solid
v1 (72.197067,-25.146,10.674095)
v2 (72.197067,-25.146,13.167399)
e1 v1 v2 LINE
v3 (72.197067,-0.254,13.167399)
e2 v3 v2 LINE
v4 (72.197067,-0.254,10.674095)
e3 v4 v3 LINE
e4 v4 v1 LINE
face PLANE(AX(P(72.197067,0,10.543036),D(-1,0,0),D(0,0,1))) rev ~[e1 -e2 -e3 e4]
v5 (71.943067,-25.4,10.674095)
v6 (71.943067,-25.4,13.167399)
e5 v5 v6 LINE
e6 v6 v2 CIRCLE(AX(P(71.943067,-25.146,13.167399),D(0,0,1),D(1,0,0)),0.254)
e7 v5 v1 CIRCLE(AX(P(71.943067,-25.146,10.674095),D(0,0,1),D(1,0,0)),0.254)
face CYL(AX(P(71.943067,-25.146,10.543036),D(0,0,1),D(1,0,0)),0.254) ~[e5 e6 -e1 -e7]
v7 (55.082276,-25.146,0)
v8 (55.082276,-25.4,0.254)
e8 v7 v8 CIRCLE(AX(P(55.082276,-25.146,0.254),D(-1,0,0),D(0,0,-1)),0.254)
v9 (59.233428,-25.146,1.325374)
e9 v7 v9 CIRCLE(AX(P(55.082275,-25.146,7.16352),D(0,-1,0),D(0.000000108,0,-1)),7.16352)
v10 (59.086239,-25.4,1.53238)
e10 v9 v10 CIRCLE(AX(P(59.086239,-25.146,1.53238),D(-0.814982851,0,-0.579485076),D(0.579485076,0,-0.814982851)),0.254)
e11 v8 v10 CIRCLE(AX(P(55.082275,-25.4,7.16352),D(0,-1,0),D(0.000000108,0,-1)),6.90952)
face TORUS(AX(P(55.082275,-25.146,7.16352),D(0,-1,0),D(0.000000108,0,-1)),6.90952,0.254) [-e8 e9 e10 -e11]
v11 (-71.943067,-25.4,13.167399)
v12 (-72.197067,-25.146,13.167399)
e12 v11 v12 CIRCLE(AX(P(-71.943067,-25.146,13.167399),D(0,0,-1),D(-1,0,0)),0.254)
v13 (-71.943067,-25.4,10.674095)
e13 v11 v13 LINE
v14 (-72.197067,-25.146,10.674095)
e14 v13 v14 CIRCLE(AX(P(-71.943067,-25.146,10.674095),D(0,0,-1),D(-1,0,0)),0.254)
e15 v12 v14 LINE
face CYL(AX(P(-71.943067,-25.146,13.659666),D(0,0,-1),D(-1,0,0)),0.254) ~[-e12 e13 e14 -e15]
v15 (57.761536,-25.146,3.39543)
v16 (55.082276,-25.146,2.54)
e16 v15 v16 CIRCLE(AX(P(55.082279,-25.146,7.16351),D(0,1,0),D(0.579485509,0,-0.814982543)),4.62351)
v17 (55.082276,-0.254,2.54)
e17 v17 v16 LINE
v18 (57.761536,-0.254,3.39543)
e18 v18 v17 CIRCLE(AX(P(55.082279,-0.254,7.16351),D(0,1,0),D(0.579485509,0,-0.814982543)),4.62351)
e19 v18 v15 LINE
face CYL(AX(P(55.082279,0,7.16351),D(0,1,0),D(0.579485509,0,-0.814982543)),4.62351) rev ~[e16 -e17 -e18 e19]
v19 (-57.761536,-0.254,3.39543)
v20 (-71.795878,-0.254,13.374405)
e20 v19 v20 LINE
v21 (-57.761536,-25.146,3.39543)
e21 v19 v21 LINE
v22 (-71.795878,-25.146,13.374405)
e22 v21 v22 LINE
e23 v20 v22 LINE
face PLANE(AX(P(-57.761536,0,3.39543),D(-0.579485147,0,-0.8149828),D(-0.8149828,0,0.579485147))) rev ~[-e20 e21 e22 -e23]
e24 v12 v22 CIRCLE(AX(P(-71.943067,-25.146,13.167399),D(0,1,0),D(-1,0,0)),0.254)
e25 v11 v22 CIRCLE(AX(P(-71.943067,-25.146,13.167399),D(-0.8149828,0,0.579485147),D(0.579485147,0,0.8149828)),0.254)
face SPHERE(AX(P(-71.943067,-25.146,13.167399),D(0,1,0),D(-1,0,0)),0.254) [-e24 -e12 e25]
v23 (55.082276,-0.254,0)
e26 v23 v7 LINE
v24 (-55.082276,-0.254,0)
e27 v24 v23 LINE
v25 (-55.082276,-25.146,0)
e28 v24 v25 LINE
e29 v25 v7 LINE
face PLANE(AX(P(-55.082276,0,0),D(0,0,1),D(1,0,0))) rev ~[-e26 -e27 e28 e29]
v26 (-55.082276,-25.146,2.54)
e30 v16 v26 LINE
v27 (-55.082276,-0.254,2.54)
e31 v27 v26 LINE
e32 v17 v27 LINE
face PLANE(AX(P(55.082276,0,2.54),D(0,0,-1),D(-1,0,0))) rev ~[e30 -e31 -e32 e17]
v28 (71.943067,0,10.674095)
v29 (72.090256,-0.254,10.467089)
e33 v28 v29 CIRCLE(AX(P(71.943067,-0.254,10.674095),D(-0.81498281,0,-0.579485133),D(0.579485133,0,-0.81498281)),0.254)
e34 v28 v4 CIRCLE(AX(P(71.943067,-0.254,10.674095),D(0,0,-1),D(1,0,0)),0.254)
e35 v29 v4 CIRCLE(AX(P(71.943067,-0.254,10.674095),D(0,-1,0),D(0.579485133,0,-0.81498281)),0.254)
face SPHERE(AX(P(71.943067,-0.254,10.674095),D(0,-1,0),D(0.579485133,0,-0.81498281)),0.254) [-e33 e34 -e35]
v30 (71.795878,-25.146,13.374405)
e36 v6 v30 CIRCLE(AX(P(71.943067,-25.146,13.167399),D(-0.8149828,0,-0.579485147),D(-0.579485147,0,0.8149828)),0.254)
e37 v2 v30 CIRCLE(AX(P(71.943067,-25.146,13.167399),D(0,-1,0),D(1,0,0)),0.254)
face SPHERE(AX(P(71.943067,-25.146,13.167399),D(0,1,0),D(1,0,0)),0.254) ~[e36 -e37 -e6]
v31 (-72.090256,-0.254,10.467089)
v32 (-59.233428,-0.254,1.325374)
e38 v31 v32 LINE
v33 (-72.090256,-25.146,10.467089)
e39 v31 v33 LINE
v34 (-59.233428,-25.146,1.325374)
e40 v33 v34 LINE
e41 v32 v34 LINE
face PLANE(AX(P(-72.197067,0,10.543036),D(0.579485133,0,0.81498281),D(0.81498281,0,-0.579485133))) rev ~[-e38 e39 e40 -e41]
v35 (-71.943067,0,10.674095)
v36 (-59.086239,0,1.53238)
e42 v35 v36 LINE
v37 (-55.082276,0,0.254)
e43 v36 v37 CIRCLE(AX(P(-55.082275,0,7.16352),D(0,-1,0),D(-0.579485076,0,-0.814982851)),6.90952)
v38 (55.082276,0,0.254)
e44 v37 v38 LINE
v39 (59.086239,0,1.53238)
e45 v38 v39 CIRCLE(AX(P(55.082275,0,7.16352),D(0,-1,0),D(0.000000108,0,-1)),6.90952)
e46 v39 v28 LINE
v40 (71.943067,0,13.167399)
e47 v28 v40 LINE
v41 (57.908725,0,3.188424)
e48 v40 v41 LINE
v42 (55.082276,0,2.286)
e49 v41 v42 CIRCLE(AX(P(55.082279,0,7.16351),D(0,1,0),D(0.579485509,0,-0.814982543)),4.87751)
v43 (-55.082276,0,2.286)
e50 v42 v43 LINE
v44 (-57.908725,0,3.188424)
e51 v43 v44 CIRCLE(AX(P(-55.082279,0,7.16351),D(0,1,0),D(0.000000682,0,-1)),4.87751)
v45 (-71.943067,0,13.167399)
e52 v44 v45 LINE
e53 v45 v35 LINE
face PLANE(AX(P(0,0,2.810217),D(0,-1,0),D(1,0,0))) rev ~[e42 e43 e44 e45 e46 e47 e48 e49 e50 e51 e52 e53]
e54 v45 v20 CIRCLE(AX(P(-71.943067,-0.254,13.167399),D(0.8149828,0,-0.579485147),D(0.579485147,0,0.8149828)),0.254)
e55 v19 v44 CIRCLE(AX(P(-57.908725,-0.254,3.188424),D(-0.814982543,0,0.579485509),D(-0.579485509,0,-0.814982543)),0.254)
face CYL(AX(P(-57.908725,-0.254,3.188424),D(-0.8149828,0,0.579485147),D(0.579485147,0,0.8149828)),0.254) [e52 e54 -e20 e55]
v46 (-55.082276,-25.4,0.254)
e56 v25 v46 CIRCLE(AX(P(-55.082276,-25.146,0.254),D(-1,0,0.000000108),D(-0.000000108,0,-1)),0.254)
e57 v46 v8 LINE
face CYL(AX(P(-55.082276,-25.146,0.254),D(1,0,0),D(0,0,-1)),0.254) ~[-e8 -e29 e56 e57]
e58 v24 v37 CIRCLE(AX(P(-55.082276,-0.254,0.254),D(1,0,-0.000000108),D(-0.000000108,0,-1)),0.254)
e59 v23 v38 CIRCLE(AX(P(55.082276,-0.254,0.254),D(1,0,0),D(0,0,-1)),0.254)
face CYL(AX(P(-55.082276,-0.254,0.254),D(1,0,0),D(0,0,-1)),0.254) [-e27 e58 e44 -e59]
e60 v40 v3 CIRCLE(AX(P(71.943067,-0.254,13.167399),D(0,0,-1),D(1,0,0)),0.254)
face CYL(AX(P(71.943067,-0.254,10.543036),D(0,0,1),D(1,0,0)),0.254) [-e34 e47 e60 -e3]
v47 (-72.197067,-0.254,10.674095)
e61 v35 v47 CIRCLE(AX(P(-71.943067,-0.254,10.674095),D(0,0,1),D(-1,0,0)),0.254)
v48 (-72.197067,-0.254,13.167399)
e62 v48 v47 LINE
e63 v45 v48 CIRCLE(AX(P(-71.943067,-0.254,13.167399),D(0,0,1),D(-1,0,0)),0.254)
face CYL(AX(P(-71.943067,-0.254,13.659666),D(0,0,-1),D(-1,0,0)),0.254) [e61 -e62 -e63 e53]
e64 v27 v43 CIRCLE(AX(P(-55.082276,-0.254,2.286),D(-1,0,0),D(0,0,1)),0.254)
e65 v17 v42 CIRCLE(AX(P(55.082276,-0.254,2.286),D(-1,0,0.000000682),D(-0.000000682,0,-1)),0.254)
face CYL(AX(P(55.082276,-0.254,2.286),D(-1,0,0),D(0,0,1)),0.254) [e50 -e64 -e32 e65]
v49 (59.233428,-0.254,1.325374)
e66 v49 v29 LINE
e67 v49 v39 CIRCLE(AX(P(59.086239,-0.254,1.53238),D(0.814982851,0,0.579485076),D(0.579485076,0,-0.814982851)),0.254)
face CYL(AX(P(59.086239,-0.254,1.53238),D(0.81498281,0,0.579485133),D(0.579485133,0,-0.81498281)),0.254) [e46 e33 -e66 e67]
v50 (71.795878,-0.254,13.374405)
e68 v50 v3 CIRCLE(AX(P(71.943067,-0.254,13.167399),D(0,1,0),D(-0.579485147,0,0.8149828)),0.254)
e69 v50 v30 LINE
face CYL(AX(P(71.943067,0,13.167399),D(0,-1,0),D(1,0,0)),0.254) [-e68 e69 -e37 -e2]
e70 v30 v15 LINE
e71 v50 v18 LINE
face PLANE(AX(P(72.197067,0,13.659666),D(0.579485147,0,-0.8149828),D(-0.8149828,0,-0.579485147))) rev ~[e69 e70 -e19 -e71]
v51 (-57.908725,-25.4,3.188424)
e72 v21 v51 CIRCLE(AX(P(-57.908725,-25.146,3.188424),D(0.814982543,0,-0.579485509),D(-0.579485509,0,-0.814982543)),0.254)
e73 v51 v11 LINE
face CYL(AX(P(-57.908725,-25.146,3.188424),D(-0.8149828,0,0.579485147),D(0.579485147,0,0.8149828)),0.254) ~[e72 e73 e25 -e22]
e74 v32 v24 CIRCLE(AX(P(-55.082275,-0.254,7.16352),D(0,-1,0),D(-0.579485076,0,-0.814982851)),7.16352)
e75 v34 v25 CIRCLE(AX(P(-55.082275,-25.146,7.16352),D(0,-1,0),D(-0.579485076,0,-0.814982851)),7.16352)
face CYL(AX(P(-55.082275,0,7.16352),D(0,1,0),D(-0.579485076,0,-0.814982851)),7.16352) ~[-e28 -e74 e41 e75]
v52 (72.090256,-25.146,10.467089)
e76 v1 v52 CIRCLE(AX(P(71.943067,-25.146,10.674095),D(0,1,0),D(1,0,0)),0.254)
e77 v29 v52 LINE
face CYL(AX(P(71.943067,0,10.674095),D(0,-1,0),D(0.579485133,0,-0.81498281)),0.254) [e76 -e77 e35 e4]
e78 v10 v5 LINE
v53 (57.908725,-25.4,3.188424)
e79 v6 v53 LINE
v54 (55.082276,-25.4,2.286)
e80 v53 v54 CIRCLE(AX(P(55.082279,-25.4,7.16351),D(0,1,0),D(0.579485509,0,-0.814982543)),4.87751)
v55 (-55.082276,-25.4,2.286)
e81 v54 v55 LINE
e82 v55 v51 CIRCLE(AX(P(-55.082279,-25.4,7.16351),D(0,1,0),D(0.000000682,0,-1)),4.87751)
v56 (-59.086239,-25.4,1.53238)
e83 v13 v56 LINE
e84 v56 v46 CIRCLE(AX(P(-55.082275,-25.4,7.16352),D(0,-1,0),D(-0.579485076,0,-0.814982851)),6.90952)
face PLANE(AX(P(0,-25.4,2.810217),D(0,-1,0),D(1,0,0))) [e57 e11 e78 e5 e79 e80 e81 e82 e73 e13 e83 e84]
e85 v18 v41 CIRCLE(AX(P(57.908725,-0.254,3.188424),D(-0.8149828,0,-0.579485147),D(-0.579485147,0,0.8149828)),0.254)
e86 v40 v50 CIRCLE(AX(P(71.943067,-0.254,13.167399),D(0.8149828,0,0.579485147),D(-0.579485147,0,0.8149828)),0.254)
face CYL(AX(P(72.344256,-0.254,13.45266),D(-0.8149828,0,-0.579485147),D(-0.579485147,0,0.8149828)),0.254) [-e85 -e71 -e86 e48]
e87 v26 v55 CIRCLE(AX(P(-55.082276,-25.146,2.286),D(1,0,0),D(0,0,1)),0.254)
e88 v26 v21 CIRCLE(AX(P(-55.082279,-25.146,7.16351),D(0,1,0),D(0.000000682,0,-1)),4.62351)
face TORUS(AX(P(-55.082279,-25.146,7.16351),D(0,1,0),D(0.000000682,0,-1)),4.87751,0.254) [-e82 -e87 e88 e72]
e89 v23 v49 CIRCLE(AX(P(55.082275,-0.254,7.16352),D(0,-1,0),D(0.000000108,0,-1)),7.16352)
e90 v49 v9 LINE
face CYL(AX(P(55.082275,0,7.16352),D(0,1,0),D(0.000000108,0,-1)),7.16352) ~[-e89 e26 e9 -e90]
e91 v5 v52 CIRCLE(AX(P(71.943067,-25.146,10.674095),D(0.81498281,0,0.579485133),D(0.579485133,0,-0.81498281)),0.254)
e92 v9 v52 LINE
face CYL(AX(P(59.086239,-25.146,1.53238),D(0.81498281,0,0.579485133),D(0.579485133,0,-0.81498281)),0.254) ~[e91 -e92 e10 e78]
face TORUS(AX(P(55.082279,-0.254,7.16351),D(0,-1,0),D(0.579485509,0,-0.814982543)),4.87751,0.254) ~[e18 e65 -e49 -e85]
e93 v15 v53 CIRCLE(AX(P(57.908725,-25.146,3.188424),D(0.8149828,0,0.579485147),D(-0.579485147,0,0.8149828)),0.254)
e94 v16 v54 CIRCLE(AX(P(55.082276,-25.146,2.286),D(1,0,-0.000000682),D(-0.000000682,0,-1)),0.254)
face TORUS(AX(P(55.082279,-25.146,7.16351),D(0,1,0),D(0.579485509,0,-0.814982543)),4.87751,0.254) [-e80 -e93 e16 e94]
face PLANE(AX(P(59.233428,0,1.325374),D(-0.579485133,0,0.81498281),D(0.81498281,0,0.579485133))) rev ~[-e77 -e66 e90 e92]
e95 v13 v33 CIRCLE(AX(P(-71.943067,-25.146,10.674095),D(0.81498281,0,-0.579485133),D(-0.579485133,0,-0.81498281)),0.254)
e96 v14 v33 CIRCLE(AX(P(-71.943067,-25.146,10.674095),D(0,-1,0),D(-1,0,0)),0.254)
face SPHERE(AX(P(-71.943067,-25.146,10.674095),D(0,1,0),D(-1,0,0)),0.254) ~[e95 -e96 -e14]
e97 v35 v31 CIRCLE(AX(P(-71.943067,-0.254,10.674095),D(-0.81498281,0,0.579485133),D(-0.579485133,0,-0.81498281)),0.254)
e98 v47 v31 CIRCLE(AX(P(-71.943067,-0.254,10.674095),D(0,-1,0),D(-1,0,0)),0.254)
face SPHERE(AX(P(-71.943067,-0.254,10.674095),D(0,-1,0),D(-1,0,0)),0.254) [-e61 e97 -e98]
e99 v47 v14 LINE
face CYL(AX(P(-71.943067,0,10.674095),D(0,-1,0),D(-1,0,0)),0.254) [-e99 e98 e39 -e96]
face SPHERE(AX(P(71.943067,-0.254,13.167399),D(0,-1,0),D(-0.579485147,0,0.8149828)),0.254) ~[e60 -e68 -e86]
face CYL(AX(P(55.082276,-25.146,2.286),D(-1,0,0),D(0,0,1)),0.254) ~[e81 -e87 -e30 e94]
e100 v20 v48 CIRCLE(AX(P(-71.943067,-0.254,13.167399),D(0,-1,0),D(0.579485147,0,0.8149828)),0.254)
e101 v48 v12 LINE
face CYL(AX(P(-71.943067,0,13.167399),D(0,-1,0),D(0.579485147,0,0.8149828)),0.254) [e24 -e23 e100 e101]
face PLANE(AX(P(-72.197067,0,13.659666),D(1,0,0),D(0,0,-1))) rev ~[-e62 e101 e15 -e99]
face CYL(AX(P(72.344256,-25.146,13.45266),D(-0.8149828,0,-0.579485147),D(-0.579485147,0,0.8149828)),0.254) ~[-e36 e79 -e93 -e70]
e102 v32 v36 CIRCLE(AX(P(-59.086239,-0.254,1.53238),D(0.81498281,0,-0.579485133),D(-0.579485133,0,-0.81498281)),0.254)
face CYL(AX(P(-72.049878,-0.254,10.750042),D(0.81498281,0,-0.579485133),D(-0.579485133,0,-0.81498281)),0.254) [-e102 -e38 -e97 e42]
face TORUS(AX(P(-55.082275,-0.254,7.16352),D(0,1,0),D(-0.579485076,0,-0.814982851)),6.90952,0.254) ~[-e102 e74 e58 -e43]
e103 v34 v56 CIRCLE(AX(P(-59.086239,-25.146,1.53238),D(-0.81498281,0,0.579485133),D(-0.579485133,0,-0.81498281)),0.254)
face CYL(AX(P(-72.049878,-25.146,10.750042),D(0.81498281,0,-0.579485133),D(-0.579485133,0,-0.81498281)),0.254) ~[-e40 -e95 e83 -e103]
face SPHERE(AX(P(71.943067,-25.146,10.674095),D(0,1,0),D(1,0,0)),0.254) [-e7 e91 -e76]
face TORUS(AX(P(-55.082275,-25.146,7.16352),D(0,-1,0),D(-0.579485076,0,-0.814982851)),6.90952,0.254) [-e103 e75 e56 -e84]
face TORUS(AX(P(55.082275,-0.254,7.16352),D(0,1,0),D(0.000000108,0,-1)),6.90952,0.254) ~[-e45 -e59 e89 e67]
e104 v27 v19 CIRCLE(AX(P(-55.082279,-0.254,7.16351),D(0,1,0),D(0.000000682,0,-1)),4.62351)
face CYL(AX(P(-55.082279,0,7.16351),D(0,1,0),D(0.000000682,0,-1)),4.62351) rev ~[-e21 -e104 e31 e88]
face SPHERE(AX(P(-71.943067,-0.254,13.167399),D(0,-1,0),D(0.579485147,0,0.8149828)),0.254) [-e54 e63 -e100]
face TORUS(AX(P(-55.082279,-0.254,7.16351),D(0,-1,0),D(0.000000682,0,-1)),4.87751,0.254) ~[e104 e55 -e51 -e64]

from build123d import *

# Parameters (mm, degrees)
F1_DEPTH = 25.4
F2_R     = 0.254


with BuildPart() as f1:
    # F0 (on Front) → F1 (new body)
    with BuildSketch(Plane.XZ):
        with BuildLine():
            Line((-55.082276, 0), (0, 0))
            Line((0, 0), (55.082276, 0))
            ThreePointArc((55.082276, 0), (57.261076, 0.339383), (59.233428, 1.325374))
            Line((59.233428, 1.325374), (72.197067, 10.543036))
            Line((72.197067, 10.543036), (72.197067, 13.659666))
            Line((72.197067, 13.659666), (57.761536, 3.39543))
            ThreePointArc((57.761536, 3.39543), (56.48853, 2.759046), (55.082276, 2.54))
            Line((55.082276, 2.54), (0, 2.54))
            Line((0, 2.54), (-55.082276, 2.54))
            ThreePointArc((-55.082276, 2.54), (-56.48853, 2.759046), (-57.761536, 3.39543))
            Line((-57.761536, 3.39543), (-72.197067, 13.659666))
            Line((-72.197067, 13.659666), (-72.197067, 10.543036))
            Line((-72.197067, 10.543036), (-59.233428, 1.325374))
            ThreePointArc((-59.233428, 1.325374), (-57.261076, 0.339383), (-55.082276, 0))
        make_face()
    extrude(amount=F1_DEPTH)

    # F2
    f2_edges = [f1.edges().sort_by_distance(p)[0] for p in [
        (-56.48853, 0, 2.759046),
        (-64.979301, 0, 8.527548),
        (-72.197067, 0, 12.101351),
        (-65.715248, 0, 5.934205),
        (-57.261076, 0, 0.339383),
        (0, 0, 0),
        (57.261076, 0, 0.339383),
        (65.715248, 0, 5.934205),
        (72.197067, 0, 12.101351),
        (64.979301, 0, 8.527548),
        (56.48853, 0, 2.759046),
        (0, 0, 2.54),
        (-64.979301, -25.4, 8.527548),
        (0, -25.4, 2.54),
        (-55.082276, -12.7, 2.54),
        (-72.197067, -12.7, 13.659666),
        (-72.197067, -12.7, 10.543036),
        (-72.197067, -25.4, 12.101351),
        (-57.761536, -12.7, 3.39543),
        (-56.48853, -25.4, 2.759046),
        (72.197067, -12.7, 13.659666),
        (57.761536, -12.7, 3.39543),
        (64.979301, -25.4, 8.527548),
        (72.197067, -12.7, 10.543036),
        (72.197067, -25.4, 12.101351),
        (55.082276, -12.7, 0),
        (59.233428, -12.7, 1.325374),
        (57.261076, -25.4, 0.339383),
        (-59.233428, -12.7, 1.325374),
        (-65.715248, -25.4, 5.934205),
        (-55.082276, -12.7, 0),
        (-57.261076, -25.4, 0.339383),
        (0, -25.4, 0),
        (55.082276, -12.7, 2.54),
        (65.715248, -25.4, 5.934205),
        (56.48853, -25.4, 2.759046),
    ]]
    fillet(f2_edges, radius=F2_R)


solid = f1.part
